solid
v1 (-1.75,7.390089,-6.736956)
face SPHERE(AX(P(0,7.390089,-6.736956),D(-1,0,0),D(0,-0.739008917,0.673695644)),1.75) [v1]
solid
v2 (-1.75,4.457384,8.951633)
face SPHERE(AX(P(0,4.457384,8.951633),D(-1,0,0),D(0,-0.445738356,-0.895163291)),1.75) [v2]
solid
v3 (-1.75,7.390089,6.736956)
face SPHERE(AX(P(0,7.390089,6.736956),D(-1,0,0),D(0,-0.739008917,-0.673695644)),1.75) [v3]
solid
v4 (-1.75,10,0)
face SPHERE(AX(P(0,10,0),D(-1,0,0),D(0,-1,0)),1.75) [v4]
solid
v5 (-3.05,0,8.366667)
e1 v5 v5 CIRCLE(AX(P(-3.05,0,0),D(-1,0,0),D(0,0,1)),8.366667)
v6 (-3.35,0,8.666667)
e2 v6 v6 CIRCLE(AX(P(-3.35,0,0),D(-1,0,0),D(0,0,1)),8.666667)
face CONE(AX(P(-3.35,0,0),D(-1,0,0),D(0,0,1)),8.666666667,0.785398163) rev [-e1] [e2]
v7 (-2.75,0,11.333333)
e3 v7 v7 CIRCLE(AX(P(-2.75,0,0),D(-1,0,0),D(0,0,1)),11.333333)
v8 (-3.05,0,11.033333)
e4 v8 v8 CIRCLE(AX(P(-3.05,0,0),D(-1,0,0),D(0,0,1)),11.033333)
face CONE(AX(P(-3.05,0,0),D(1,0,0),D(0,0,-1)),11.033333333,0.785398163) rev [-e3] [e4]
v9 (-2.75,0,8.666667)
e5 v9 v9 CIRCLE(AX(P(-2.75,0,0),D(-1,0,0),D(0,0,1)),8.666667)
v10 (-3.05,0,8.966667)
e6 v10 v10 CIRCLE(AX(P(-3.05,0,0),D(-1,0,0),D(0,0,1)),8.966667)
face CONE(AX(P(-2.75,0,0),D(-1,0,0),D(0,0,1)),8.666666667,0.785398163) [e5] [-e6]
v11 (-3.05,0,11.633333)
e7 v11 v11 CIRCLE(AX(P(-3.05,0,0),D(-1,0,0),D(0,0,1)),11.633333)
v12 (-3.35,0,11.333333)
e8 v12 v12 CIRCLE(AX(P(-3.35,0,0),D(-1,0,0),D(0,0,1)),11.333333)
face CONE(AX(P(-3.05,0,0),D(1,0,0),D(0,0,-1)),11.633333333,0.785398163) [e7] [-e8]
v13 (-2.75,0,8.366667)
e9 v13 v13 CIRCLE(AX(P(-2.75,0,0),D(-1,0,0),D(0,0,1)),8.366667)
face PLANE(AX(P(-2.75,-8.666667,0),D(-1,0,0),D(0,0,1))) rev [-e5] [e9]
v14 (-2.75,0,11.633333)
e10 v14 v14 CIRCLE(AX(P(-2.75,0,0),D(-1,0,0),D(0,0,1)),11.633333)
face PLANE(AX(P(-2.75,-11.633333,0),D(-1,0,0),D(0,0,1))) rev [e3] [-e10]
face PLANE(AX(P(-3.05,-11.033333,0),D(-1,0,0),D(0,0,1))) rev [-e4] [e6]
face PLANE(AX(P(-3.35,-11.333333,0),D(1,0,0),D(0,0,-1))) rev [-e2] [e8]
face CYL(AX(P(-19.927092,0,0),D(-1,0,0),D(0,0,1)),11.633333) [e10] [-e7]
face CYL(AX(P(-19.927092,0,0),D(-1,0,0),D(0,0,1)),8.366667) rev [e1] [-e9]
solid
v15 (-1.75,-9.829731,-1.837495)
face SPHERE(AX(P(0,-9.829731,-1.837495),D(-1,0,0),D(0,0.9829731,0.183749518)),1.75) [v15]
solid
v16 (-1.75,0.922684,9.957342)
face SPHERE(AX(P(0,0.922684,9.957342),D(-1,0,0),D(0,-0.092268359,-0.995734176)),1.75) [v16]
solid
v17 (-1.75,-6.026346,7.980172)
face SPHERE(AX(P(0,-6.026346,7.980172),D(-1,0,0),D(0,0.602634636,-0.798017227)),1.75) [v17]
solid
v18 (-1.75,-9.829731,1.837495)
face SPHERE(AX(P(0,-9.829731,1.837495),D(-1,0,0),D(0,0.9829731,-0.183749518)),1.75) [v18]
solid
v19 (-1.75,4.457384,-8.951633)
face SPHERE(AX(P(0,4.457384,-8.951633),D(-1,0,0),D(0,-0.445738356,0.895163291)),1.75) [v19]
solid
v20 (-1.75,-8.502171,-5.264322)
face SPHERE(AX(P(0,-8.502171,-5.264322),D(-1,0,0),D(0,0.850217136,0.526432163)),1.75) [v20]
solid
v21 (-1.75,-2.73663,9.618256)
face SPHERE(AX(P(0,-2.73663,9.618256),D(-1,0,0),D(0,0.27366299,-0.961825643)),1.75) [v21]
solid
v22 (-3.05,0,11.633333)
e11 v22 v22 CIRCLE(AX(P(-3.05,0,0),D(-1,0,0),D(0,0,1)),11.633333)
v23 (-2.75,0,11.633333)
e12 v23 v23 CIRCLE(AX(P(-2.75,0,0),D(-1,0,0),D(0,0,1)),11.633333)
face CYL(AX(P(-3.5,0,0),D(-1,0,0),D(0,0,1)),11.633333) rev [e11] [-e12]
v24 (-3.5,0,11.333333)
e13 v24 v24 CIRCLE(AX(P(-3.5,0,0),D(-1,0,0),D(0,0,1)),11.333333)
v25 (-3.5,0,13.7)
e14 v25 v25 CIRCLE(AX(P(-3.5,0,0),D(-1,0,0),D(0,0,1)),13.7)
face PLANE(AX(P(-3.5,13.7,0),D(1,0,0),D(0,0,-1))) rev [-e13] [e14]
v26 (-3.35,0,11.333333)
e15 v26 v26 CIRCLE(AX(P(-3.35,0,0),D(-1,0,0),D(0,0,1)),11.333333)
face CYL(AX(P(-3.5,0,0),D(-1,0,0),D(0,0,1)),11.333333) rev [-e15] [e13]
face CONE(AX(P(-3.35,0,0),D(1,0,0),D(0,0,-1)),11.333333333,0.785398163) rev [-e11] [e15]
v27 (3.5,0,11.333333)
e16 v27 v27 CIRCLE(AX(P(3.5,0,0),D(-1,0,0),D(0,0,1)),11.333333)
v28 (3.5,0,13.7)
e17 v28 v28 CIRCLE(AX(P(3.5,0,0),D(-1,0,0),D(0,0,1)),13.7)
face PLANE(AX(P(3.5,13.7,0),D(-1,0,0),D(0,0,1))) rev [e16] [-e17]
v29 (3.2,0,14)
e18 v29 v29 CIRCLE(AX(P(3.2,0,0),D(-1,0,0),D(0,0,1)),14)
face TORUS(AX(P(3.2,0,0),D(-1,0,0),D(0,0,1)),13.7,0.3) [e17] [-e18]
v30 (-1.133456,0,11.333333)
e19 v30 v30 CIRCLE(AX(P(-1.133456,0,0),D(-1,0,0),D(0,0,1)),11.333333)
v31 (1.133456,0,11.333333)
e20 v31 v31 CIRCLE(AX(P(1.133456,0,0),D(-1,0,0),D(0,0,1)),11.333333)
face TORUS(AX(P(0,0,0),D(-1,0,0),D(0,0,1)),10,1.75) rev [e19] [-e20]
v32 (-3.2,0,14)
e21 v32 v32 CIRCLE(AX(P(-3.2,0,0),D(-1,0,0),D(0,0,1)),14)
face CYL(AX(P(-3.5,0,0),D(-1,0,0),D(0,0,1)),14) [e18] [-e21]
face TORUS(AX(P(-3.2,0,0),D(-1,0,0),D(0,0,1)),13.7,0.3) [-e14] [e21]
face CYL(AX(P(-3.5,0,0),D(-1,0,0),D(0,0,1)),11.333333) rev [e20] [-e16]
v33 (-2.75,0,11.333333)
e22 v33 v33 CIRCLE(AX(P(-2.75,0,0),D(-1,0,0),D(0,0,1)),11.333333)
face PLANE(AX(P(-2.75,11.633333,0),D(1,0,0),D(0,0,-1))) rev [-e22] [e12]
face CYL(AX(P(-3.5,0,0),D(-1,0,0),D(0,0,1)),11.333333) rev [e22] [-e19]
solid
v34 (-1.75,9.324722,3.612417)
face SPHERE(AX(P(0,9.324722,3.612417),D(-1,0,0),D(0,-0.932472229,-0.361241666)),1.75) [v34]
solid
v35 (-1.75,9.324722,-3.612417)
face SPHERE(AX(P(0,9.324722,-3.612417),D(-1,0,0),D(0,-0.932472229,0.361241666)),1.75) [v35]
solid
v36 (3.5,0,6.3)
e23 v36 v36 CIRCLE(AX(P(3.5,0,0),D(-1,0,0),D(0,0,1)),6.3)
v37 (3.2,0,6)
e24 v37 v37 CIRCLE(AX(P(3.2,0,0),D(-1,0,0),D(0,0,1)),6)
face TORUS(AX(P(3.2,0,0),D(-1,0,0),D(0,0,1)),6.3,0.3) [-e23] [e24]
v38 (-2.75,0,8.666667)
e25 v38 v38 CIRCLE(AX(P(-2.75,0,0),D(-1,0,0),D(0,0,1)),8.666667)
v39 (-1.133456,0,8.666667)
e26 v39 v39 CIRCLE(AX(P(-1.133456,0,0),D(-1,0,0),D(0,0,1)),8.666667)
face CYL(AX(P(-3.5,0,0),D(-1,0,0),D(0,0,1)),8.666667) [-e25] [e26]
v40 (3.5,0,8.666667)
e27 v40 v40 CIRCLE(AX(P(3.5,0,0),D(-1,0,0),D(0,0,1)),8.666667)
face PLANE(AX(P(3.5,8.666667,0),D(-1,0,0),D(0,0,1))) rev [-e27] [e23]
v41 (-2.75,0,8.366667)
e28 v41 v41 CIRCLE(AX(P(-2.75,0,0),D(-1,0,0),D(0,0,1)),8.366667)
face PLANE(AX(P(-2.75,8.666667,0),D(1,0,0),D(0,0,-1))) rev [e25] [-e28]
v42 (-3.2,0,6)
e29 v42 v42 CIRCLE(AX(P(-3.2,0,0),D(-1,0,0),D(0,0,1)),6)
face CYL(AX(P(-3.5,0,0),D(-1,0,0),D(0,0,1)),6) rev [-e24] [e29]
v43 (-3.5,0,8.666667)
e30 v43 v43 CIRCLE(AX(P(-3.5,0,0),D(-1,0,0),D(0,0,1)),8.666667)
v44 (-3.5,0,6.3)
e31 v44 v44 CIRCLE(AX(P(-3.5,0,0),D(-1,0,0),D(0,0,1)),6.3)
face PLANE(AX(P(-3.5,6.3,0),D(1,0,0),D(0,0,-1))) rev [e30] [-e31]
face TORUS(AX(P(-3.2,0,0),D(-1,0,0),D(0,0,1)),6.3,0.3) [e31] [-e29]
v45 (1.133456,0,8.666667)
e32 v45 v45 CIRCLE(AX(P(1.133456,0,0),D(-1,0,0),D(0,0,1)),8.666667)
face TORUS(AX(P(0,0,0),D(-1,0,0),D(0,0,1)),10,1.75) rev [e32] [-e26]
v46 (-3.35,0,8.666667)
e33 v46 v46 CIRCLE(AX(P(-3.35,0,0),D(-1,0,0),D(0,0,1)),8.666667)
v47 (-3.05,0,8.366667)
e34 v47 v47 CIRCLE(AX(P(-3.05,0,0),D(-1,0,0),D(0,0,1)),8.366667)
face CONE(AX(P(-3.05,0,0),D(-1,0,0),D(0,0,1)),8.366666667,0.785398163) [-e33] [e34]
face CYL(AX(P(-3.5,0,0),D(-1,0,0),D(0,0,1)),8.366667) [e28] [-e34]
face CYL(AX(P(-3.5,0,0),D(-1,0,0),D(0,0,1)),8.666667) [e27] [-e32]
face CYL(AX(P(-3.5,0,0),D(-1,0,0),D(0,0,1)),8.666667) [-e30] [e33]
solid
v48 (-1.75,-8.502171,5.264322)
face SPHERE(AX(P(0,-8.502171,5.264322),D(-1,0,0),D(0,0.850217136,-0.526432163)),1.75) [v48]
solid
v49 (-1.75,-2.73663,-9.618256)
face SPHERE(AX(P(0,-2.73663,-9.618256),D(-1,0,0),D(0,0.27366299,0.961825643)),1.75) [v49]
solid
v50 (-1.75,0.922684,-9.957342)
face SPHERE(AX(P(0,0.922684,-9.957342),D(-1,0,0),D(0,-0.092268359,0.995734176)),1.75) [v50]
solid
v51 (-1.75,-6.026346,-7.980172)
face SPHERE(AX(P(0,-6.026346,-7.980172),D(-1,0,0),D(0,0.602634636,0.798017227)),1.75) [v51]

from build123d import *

# Parameters (mm, degrees)
PATTERN_CIRCULAR_5_COUNT = 17


with BuildPart() as part:
    # 草图2 → 旋转1 (revolve)
    with BuildSketch(Plane.XY):
        with BuildLine():
            Line((-3.35, 8.666666667), (-3.5, 8.666666667))
            Line((-3.5, 8.666666667), (-3.5, 8.366666667))
            Line((-3.5, 8.366666667), (-3.5, 6.3))
            ThreePointArc((-3.5, 6.3), (-3.412132034, 6.087867966), (-3.2, 6))
            Line((-3.2, 6), (3.2, 6))
            ThreePointArc((3.2, 6), (3.412132034, 6.087867966), (3.5, 6.3))
            Line((3.5, 6.3), (3.5, 8.366666667))
            Line((3.5, 8.366666667), (3.5, 8.666666667))
            Line((3.5, 8.666666667), (3.2, 8.666666667))
            Line((3.2, 8.666666667), (1.133455876, 8.666666667))
            ThreePointArc((1.133455876, 8.666666667), (0, 8.25), (-1.133455876, 8.666666667))
            Line((-1.133455876, 8.666666667), (-2.75, 8.666666667))
            Line((-2.75, 8.666666667), (-2.75, 8.366666667))
            Line((-2.75, 8.366666667), (-3.05, 8.366666667))
            Line((-3.05, 8.366666667), (-3.35, 8.666666667))
        make_face()
        with BuildLine():
            Line((-3.5, 11.333333333), (-3.35, 11.333333333))
            Line((-3.35, 11.333333333), (-3.05, 11.633333333))
            Line((-3.05, 11.633333333), (-2.75, 11.633333333))
            Line((-2.75, 11.633333333), (-2.75, 11.333333333))
            Line((-2.75, 11.333333333), (-1.133455876, 11.333333333))
            ThreePointArc((-1.133455876, 11.333333333), (0, 11.75), (1.133455876, 11.333333333))
            Line((1.133455876, 11.333333333), (3.5, 11.333333333))
            Line((3.5, 11.333333333), (3.5, 13.7))
            ThreePointArc((3.5, 13.7), (3.412132034, 13.912132034), (3.2, 14))
            Line((3.2, 14), (-3.2, 14))
            ThreePointArc((-3.2, 14), (-3.412132034, 13.912132034), (-3.5, 13.7))
            Line((-3.5, 13.7), (-3.5, 11.333333333))
        make_face()
    revolve(axis=Axis((-3.5, 0, 0), (1, 0, 0)))


with BuildPart() as body_2:
    # 草图3 → 旋转2 (revolve)
    with BuildSketch(Plane.XY):
        with BuildLine():
            ThreePointArc((1.75, 10), (0, 11.75), (-1.75, 10))
            Line((-1.75, 10), (1.75, 10))
        make_face()
    revolve(axis=Axis((1.75, 10, 0), (1, 0, 0)))


with BuildPart() as body_3:
    # 草图4 → 旋转3 (revolve)
    with BuildSketch(Plane.XY):
        Polygon((-3.35, 11.333333333), (-3.35, 8.666666667), (-3.05, 8.366666667), (-2.75, 8.366666667), (-2.75, 8.666666667), (-3.05, 8.966666667), (-3.05, 11.033333333), (-2.75, 11.333333333), (-2.75, 11.633333333), (-3.05, 11.633333333), align=None)
    revolve(axis=Axis((-19.927092192, 0, 0), (1, 0, 0)))


with BuildPart() as pattern_circular_5_1:
    # 阵列(圆周)5: pattern copy
    add(body_2.part.rotate(Axis((9.9, 0, 0), (-1, 0, 0)), 1 * 360 / PATTERN_CIRCULAR_5_COUNT))


with BuildPart() as pattern_circular_5_2:
    # 阵列(圆周)5: pattern copy
    add(body_2.part.rotate(Axis((9.9, 0, 0), (-1, 0, 0)), 2 * 360 / PATTERN_CIRCULAR_5_COUNT))


with BuildPart() as pattern_circular_5_3:
    # 阵列(圆周)5: pattern copy
    add(body_2.part.rotate(Axis((9.9, 0, 0), (-1, 0, 0)), 3 * 360 / PATTERN_CIRCULAR_5_COUNT))


with BuildPart() as pattern_circular_5_4:
    # 阵列(圆周)5: pattern copy
    add(body_2.part.rotate(Axis((9.9, 0, 0), (-1, 0, 0)), 4 * 360 / PATTERN_CIRCULAR_5_COUNT))


with BuildPart() as pattern_circular_5_5:
    # 阵列(圆周)5: pattern copy
    add(body_2.part.rotate(Axis((9.9, 0, 0), (-1, 0, 0)), 5 * 360 / PATTERN_CIRCULAR_5_COUNT))


with BuildPart() as pattern_circular_5_6:
    # 阵列(圆周)5: pattern copy
    add(body_2.part.rotate(Axis((9.9, 0, 0), (-1, 0, 0)), 6 * 360 / PATTERN_CIRCULAR_5_COUNT))


with BuildPart() as pattern_circular_5_7:
    # 阵列(圆周)5: pattern copy
    add(body_2.part.rotate(Axis((9.9, 0, 0), (-1, 0, 0)), 7 * 360 / PATTERN_CIRCULAR_5_COUNT))


with BuildPart() as pattern_circular_5_8:
    # 阵列(圆周)5: pattern copy
    add(body_2.part.rotate(Axis((9.9, 0, 0), (-1, 0, 0)), 8 * 360 / PATTERN_CIRCULAR_5_COUNT))


with BuildPart() as pattern_circular_5_9:
    # 阵列(圆周)5: pattern copy
    add(body_2.part.rotate(Axis((9.9, 0, 0), (-1, 0, 0)), 9 * 360 / PATTERN_CIRCULAR_5_COUNT))


with BuildPart() as pattern_circular_5_10:
    # 阵列(圆周)5: pattern copy
    add(body_2.part.rotate(Axis((9.9, 0, 0), (-1, 0, 0)), 10 * 360 / PATTERN_CIRCULAR_5_COUNT))


with BuildPart() as pattern_circular_5_11:
    # 阵列(圆周)5: pattern copy
    add(body_2.part.rotate(Axis((9.9, 0, 0), (-1, 0, 0)), 11 * 360 / PATTERN_CIRCULAR_5_COUNT))


with BuildPart() as pattern_circular_5_12:
    # 阵列(圆周)5: pattern copy
    add(body_2.part.rotate(Axis((9.9, 0, 0), (-1, 0, 0)), 12 * 360 / PATTERN_CIRCULAR_5_COUNT))


with BuildPart() as pattern_circular_5_13:
    # 阵列(圆周)5: pattern copy
    add(body_2.part.rotate(Axis((9.9, 0, 0), (-1, 0, 0)), 13 * 360 / PATTERN_CIRCULAR_5_COUNT))


with BuildPart() as pattern_circular_5_14:
    # 阵列(圆周)5: pattern copy
    add(body_2.part.rotate(Axis((9.9, 0, 0), (-1, 0, 0)), 14 * 360 / PATTERN_CIRCULAR_5_COUNT))


with BuildPart() as pattern_circular_5_15:
    # 阵列(圆周)5: pattern copy
    add(body_2.part.rotate(Axis((9.9, 0, 0), (-1, 0, 0)), 15 * 360 / PATTERN_CIRCULAR_5_COUNT))


with BuildPart() as pattern_circular_5_16:
    # 阵列(圆周)5: pattern copy
    add(body_2.part.rotate(Axis((9.9, 0, 0), (-1, 0, 0)), 16 * 360 / PATTERN_CIRCULAR_5_COUNT))


solid = Compound([part.part, body_2.part, body_3.part, pattern_circular_5_1.part, pattern_circular_5_2.part, pattern_circular_5_3.part, pattern_circular_5_4.part, pattern_circular_5_5.part, pattern_circular_5_6.part, pattern_circular_5_7.part, pattern_circular_5_8.part, pattern_circular_5_9.part, pattern_circular_5_10.part, pattern_circular_5_11.part, pattern_circular_5_12.part, pattern_circular_5_13.part, pattern_circular_5_14.part, pattern_circular_5_15.part, pattern_circular_5_16.part])
